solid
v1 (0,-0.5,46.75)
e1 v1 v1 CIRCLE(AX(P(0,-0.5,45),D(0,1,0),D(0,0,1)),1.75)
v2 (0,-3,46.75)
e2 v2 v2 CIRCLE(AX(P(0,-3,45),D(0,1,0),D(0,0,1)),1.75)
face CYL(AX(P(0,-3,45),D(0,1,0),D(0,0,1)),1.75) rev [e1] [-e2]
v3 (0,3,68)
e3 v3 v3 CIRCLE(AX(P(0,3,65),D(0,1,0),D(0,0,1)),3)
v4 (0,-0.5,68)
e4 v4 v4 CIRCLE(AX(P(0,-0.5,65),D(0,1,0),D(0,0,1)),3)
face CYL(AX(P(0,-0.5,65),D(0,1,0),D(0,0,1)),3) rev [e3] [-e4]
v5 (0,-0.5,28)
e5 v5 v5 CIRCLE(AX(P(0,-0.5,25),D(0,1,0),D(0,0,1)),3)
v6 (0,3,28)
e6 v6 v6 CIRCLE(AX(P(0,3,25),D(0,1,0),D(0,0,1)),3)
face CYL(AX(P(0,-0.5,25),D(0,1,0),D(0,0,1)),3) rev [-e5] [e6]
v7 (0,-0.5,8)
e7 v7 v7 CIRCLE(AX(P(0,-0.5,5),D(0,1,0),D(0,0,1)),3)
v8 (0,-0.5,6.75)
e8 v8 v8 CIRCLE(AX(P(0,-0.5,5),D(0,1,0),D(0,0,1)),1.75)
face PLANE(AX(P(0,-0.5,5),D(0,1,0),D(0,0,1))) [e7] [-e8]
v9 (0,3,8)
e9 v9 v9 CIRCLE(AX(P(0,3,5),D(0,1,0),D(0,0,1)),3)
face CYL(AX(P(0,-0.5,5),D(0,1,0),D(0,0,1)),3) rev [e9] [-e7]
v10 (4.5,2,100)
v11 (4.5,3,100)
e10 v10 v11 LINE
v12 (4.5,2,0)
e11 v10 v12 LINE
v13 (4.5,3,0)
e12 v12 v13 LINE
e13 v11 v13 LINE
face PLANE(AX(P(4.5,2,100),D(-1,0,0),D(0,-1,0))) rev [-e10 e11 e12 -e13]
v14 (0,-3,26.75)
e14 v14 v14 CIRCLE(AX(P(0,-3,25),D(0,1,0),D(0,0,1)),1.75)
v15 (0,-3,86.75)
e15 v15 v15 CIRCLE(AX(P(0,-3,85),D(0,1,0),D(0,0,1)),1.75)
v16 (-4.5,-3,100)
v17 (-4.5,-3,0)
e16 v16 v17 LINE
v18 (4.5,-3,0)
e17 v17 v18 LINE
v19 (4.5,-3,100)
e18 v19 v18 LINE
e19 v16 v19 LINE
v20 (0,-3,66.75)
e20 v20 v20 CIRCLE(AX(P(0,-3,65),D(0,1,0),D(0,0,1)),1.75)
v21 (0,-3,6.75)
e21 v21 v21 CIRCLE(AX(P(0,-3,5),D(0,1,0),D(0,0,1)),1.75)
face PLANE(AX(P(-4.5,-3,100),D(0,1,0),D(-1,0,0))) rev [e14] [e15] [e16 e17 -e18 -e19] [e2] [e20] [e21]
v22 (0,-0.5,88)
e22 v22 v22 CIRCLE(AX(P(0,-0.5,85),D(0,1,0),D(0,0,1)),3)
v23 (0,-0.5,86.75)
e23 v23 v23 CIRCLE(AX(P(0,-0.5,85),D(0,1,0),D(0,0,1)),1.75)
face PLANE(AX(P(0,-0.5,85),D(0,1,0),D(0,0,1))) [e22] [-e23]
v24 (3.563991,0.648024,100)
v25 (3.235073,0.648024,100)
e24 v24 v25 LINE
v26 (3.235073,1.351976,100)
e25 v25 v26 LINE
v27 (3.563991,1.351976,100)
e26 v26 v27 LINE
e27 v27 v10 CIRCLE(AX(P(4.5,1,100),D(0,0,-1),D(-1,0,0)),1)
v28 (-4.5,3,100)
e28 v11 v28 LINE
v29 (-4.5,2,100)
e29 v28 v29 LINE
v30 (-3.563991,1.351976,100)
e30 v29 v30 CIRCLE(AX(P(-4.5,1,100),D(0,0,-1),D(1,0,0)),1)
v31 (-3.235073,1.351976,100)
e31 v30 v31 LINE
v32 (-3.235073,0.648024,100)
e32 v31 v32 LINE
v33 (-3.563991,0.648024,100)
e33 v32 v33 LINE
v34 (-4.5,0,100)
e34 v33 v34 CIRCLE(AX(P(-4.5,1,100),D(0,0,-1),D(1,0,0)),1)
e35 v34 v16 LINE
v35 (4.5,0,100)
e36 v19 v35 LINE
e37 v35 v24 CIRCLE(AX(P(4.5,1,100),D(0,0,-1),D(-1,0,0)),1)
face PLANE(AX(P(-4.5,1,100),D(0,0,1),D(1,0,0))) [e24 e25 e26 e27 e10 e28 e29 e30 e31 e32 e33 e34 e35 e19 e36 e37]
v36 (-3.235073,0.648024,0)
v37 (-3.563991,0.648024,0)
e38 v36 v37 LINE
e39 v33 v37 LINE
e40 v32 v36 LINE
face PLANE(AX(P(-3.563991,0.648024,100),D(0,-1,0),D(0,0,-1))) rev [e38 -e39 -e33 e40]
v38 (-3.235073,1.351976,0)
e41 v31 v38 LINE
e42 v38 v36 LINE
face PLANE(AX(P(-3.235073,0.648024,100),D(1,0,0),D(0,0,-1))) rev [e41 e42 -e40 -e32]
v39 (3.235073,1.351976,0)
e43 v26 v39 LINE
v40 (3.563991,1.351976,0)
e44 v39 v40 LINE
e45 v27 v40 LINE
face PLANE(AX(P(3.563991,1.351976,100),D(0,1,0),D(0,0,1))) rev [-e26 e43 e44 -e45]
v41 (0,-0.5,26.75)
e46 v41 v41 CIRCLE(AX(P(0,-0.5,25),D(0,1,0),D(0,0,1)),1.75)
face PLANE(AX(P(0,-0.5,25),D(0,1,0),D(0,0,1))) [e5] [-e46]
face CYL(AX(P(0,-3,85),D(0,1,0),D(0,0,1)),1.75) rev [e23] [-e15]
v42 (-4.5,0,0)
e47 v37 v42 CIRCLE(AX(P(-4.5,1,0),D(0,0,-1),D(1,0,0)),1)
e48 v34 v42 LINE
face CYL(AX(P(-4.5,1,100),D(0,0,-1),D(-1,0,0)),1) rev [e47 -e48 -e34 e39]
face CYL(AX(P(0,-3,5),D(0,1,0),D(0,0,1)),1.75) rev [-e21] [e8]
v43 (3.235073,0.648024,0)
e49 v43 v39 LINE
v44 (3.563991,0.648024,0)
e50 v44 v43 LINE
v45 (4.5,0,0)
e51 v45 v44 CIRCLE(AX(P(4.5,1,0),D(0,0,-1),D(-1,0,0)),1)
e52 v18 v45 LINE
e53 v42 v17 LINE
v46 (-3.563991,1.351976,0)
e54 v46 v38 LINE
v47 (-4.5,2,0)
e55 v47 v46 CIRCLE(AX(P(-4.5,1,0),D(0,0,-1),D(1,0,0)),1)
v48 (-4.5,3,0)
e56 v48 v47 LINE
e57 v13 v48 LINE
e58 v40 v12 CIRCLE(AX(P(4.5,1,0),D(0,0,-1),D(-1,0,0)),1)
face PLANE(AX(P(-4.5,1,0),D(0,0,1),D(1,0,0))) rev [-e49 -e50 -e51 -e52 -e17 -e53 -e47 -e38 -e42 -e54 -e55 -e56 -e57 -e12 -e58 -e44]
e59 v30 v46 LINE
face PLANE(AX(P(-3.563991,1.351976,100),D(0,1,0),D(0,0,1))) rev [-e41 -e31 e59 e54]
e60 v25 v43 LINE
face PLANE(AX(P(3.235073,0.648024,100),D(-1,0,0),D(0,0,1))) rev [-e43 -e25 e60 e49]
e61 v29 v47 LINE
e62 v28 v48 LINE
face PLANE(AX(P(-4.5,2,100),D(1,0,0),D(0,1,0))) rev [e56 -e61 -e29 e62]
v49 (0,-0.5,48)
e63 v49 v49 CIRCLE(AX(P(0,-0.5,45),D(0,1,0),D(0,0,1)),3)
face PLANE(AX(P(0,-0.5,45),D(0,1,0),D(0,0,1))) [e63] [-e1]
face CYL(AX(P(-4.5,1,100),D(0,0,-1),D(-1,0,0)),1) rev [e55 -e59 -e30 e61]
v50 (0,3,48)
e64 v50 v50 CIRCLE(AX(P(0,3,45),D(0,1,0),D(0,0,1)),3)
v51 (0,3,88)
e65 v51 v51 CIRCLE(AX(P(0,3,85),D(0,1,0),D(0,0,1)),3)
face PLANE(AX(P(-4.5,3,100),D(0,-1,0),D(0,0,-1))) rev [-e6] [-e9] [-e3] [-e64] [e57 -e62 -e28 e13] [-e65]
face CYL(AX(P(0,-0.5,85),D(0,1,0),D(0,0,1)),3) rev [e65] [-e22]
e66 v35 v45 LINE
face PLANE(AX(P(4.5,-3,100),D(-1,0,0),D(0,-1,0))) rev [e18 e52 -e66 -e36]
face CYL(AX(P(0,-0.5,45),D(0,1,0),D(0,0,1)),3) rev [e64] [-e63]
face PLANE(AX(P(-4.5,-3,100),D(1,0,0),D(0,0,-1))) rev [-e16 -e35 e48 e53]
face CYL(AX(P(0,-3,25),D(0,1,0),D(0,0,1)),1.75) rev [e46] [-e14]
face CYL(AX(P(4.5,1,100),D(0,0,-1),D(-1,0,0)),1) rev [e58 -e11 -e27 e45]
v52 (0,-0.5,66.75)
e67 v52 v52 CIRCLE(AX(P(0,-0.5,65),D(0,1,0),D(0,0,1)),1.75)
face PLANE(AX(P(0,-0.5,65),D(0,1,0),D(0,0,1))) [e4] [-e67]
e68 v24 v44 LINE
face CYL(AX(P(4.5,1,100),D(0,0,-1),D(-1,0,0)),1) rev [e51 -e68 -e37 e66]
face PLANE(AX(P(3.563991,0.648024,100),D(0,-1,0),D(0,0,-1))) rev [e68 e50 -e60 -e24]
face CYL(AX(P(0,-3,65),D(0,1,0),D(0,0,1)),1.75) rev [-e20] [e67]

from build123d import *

# Parameters (mm, degrees)
EXTRUDE1_DEPTH  = 100
SKETCH2_R       = 3
EXTRUDE2_DEPTH  = 3.5
SKETCH_R        = 1.75
EXTRUDE3_DEPTH  = 7
LPATTERN1_COUNT = 30
LPATTERN1_PITCH = 20


with BuildPart() as part:
    # Sketch1 → Extrude1 (new body)
    with BuildSketch(Plane.XY):
        with BuildLine():
            Line((-4.5, -3), (4.5, -3))
            Line((4.5, -3), (4.5, 0))
            ThreePointArc((4.5, 0), (3.93077967, 0.177814974), (3.563991137, 0.648023568))
            Line((3.563991137, 0.648023568), (3.235073025, 0.648023568))
            Line((3.235073025, 0.648023568), (3.235073025, 1.351976432))
            Line((3.235073025, 1.351976432), (3.563991137, 1.351976432))
            ThreePointArc((3.563991137, 1.351976432), (3.93077967, 1.822185026), (4.5, 2))
            Line((4.5, 2), (4.5, 3))
            Line((4.5, 3), (-4.5, 3))
            Line((-4.5, 3), (-4.5, 2))
            ThreePointArc((-4.5, 2), (-3.93077967, 1.822185026), (-3.563991137, 1.351976432))
            Line((-3.563991137, 1.351976432), (-3.235073025, 1.351976432))
            Line((-3.235073025, 1.351976432), (-3.235073025, 0.648023568))
            Line((-3.235073025, 0.648023568), (-3.563991137, 0.648023568))
            ThreePointArc((-3.563991137, 0.648023568), (-3.93077967, 0.177814974), (-4.5, 0))
            Line((-4.5, 0), (-4.5, -3))
        make_face()
    extrude(amount=EXTRUDE1_DEPTH)

    # Sketch2 → Extrude2 (cut)
    with BuildSketch(Plane(origin=(0, 3, 0), x_dir=(1, 0, 0), z_dir=(0, 1, 0))):
        with Locations((0, -5)):
            Circle(SKETCH2_R)
    extrude2 = extrude(amount=-EXTRUDE2_DEPTH, mode=Mode.SUBTRACT)

    # Sketch → Extrude3 (cut, through all)
    with BuildSketch(Plane(origin=(0, 3, 0), x_dir=(1, 0, 0), z_dir=(0, 1, 0))):
        with Locations((0, -5)):
            Circle(SKETCH_R)
    extrude3 = extrude(amount=-EXTRUDE3_DEPTH, mode=Mode.SUBTRACT)

    # LPattern1: Extrude2, Extrude3 ×30
    with Locations(*[(0, 0, i * LPATTERN1_PITCH) for i in range(1, LPATTERN1_COUNT)]):
        add(extrude2, mode=Mode.SUBTRACT)
        add(extrude3, mode=Mode.SUBTRACT)


solid = part.part
